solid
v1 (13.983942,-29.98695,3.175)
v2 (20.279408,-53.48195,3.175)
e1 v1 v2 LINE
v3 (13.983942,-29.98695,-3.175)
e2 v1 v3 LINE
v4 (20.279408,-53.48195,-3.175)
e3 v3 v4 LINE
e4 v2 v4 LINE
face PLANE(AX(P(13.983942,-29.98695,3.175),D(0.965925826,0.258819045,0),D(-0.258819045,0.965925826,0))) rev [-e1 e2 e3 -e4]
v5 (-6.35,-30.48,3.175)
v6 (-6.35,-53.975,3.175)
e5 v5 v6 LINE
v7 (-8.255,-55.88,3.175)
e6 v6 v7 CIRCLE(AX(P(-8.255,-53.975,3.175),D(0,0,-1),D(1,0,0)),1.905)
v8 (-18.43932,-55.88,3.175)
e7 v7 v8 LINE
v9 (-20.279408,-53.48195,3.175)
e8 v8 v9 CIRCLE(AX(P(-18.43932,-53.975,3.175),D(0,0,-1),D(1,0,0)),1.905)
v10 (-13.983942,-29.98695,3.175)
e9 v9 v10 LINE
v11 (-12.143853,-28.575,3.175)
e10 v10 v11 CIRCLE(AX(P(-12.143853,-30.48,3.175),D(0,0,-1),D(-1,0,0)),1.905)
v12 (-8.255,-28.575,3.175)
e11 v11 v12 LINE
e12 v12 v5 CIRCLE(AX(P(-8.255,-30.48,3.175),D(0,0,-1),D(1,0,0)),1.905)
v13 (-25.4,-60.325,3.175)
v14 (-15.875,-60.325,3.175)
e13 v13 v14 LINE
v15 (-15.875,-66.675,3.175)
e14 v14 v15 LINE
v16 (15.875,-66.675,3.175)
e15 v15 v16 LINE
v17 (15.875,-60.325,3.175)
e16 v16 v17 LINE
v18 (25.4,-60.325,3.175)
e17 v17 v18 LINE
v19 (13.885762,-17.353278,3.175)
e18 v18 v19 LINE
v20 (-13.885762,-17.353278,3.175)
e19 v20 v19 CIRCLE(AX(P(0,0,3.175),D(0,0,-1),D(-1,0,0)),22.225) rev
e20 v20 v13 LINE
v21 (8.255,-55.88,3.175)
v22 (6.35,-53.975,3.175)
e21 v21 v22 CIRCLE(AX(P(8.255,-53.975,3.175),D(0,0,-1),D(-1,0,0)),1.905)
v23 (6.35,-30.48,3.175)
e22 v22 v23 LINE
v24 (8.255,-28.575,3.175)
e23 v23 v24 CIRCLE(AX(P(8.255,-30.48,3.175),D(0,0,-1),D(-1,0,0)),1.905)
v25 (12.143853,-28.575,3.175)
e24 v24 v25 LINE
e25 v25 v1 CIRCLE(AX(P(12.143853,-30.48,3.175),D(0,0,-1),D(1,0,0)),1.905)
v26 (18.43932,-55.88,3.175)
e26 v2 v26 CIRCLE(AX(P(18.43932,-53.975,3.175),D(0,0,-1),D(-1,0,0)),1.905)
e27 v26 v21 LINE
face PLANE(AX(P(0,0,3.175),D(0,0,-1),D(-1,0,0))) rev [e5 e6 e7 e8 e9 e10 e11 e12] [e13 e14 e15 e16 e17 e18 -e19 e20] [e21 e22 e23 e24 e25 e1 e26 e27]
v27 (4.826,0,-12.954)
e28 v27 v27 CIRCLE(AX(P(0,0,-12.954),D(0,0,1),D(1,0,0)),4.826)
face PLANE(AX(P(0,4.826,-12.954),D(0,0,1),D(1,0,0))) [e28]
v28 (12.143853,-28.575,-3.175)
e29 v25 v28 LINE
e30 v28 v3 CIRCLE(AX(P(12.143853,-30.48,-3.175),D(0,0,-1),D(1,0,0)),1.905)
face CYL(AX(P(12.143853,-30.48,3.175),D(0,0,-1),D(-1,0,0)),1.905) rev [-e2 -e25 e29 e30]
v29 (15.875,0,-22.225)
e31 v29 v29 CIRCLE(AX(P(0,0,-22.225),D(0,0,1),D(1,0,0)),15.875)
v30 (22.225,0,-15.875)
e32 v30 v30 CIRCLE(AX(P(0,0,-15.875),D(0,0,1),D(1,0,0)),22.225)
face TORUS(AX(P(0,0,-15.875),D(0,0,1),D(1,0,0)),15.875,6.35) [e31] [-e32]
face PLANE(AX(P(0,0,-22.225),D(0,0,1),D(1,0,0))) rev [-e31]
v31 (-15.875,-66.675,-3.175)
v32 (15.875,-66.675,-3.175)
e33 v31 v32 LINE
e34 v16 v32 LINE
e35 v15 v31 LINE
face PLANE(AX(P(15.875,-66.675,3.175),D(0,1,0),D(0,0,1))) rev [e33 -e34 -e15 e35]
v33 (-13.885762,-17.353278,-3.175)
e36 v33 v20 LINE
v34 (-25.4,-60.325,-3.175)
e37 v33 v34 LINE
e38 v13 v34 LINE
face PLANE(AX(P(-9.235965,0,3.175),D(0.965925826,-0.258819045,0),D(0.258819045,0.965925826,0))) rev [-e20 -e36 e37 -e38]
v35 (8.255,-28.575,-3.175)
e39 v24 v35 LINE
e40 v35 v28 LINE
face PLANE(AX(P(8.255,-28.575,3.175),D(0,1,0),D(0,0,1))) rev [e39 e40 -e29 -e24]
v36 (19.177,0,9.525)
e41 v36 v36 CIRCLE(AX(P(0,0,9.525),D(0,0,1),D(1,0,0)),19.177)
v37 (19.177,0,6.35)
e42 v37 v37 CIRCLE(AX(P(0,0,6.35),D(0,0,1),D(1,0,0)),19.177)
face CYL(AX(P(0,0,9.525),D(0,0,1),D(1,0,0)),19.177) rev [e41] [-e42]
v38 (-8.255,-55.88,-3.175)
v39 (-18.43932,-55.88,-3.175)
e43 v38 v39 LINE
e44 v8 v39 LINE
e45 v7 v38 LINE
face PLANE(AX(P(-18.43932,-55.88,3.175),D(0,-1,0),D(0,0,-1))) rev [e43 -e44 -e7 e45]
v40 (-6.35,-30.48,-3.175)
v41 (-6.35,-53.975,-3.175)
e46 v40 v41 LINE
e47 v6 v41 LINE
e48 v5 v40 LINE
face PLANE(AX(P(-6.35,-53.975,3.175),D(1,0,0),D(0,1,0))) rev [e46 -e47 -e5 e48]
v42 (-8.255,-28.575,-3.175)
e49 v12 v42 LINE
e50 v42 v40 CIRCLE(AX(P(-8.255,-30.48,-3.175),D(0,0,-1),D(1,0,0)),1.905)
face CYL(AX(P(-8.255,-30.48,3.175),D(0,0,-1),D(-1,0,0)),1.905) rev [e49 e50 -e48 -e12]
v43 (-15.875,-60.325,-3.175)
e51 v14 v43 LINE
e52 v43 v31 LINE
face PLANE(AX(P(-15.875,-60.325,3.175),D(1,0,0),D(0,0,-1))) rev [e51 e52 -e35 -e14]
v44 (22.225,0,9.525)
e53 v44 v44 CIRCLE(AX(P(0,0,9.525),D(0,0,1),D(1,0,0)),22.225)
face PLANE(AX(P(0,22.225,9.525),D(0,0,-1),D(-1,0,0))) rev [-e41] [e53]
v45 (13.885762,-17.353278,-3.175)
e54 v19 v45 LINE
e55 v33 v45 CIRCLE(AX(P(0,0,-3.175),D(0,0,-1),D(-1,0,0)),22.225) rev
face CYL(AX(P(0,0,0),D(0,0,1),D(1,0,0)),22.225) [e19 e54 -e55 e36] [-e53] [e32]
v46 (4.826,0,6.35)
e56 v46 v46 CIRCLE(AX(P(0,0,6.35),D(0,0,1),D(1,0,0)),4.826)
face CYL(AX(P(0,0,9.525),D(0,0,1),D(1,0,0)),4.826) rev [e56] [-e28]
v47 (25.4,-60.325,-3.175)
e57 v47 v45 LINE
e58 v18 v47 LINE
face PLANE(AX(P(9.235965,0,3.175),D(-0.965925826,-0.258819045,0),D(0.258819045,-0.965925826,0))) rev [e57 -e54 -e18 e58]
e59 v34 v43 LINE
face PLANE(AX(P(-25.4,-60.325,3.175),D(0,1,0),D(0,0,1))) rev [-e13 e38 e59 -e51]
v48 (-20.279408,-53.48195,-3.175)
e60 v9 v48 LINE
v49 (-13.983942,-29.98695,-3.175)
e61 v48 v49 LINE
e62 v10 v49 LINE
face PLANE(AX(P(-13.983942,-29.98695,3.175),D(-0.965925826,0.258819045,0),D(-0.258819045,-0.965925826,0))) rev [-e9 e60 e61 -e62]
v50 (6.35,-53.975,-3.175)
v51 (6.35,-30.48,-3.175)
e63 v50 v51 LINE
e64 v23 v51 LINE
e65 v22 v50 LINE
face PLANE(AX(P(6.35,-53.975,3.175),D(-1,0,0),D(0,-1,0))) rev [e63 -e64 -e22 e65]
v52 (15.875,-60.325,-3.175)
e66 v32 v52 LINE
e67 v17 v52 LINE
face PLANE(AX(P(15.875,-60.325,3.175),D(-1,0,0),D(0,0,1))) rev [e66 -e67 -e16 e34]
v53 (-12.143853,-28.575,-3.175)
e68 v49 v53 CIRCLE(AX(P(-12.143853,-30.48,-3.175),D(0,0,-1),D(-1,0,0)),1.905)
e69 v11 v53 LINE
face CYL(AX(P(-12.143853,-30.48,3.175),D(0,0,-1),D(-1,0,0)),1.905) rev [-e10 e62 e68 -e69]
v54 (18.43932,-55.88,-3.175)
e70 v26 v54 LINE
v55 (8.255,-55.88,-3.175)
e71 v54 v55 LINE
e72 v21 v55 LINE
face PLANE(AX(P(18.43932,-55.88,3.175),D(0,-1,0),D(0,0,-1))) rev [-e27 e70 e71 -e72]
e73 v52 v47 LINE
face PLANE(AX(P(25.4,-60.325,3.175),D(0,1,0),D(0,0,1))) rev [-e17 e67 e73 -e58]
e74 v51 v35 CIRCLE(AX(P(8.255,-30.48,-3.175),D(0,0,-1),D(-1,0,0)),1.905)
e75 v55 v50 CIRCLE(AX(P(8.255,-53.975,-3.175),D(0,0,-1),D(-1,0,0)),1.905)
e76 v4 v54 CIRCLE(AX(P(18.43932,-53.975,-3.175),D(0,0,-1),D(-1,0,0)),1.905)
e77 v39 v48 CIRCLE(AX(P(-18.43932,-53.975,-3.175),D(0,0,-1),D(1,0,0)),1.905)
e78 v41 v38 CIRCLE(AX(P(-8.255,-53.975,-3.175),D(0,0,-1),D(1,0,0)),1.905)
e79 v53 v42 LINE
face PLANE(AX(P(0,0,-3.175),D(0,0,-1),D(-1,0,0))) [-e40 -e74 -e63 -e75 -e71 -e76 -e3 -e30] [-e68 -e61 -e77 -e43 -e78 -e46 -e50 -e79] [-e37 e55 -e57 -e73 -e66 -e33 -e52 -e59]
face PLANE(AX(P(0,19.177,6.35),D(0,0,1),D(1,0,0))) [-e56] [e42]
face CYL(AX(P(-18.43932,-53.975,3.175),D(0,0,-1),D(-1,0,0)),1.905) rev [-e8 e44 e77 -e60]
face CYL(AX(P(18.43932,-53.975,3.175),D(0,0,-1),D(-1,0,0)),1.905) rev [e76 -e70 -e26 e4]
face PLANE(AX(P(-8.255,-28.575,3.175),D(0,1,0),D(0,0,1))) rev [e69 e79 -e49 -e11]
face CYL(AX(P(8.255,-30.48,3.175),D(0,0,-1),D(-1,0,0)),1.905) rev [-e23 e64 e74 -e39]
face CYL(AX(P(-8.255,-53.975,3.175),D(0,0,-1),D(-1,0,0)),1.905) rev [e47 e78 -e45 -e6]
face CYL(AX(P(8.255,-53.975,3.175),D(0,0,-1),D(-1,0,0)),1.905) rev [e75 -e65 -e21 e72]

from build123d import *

# Parameters (mm, degrees)
BOSS_EXTRUDE1_DEPTH = 3.175
CUT_EXTRUDE1_DEPTH  = 6.35


with BuildPart() as part:
    # Sketch2 → Boss-Extrude1 (new, symmetric)
    with BuildSketch(Plane.XY):
        Polygon((-9.235964967, 0), (9.235964967, 0), (25.4, -60.325), (15.875, -60.325), (15.875, -66.675), (-15.875, -66.675), (-15.875, -60.325), (-25.4, -60.325), align=None)
    extrude(amount=BOSS_EXTRUDE1_DEPTH, both=True)

    # Sketch3 → Revolve1 (revolve)
    with BuildSketch(Plane(origin=(0, 0, 0), x_dir=(0, 0, -1), z_dir=(1, 0, 0)), mode=Mode.PRIVATE) as revolve1_sk:
        with BuildLine():
            Line((22.225, 0), (22.225, 15.875))
            ThreePointArc((22.225, 15.875), (20.365128061, 20.365128061), (15.875, 22.225))
            Line((15.875, 22.225), (-9.525, 22.225))
            Line((-9.525, 22.225), (-9.525, 0))
            Line((-9.525, 0), (0, 0))
            Line((0, 0), (22.225, 0))
        make_face()
    revolve(revolve1_sk.sketch.rotate(Axis((0, 0, 0), (0, 0, -1)), 90), axis=Axis((0, 0, 0), (0, 0, -1)))

    # Sketch5 → Cut-Revolve1 (revolve, cut)
    with BuildSketch(Plane(origin=(0, 0, 0), x_dir=(0, 0, -1), z_dir=(1, 0, 0)), mode=Mode.PRIVATE) as cut_revolve1_sk:
        Polygon((-9.525, 19.177), (-6.35, 19.177), (-6.35, 4.826), (12.954, 4.826), (12.954, 0), (-9.525, 0), align=None)
    revolve(cut_revolve1_sk.sketch.rotate(Axis((0, 0, 9.525), (0, 0, -1)), 90), axis=Axis((0, 0, 9.525), (0, 0, -1)), mode=Mode.SUBTRACT)

    # Sketch6 → Cut-Extrude1 (cut)
    with BuildSketch(Plane(origin=(0, 0, -3.175), x_dir=(-1, 0, 0), z_dir=(0, 0, -1))):
        with BuildLine():
            Line((-13.983942054, -29.986949719), (-20.279408331, -53.481949719))
            ThreePointArc((-20.279408331, -53.481949719), (-19.950657745, -55.134690522), (-18.439319632, -55.88))
            Line((-18.439319632, -55.88), (-8.255, -55.88))
            ThreePointArc((-8.255, -55.88), (-6.907961582, -55.322038418), (-6.35, -53.975))
            Line((-6.35, -53.975), (-6.35, -30.48))
            ThreePointArc((-6.35, -30.48), (-6.907961582, -29.132961582), (-8.255, -28.575))
            Line((-8.255, -28.575), (-12.143853355, -28.575))
            ThreePointArc((-12.143853355, -28.575), (-13.303543878, -28.968661887), (-13.983942054, -29.986949719))
        make_face()
        with BuildLine():
            Line((8.255, -28.575), (12.143853355, -28.575))
            ThreePointArc((12.143853355, -28.575), (13.303543878, -28.968661887), (13.983942054, -29.986949719))
            Line((13.983942054, -29.986949719), (20.279408331, -53.481949719))
            ThreePointArc((20.279408331, -53.481949719), (19.950657745, -55.134690522), (18.439319632, -55.88))
            Line((18.439319632, -55.88), (8.255, -55.88))
            ThreePointArc((8.255, -55.88), (6.907961582, -55.322038418), (6.35, -53.975))
            Line((6.35, -53.975), (6.35, -30.48))
            ThreePointArc((6.35, -30.48), (6.907961582, -29.132961582), (8.255, -28.575))
        make_face()
    extrude(amount=-CUT_EXTRUDE1_DEPTH, mode=Mode.SUBTRACT)


solid = part.part
